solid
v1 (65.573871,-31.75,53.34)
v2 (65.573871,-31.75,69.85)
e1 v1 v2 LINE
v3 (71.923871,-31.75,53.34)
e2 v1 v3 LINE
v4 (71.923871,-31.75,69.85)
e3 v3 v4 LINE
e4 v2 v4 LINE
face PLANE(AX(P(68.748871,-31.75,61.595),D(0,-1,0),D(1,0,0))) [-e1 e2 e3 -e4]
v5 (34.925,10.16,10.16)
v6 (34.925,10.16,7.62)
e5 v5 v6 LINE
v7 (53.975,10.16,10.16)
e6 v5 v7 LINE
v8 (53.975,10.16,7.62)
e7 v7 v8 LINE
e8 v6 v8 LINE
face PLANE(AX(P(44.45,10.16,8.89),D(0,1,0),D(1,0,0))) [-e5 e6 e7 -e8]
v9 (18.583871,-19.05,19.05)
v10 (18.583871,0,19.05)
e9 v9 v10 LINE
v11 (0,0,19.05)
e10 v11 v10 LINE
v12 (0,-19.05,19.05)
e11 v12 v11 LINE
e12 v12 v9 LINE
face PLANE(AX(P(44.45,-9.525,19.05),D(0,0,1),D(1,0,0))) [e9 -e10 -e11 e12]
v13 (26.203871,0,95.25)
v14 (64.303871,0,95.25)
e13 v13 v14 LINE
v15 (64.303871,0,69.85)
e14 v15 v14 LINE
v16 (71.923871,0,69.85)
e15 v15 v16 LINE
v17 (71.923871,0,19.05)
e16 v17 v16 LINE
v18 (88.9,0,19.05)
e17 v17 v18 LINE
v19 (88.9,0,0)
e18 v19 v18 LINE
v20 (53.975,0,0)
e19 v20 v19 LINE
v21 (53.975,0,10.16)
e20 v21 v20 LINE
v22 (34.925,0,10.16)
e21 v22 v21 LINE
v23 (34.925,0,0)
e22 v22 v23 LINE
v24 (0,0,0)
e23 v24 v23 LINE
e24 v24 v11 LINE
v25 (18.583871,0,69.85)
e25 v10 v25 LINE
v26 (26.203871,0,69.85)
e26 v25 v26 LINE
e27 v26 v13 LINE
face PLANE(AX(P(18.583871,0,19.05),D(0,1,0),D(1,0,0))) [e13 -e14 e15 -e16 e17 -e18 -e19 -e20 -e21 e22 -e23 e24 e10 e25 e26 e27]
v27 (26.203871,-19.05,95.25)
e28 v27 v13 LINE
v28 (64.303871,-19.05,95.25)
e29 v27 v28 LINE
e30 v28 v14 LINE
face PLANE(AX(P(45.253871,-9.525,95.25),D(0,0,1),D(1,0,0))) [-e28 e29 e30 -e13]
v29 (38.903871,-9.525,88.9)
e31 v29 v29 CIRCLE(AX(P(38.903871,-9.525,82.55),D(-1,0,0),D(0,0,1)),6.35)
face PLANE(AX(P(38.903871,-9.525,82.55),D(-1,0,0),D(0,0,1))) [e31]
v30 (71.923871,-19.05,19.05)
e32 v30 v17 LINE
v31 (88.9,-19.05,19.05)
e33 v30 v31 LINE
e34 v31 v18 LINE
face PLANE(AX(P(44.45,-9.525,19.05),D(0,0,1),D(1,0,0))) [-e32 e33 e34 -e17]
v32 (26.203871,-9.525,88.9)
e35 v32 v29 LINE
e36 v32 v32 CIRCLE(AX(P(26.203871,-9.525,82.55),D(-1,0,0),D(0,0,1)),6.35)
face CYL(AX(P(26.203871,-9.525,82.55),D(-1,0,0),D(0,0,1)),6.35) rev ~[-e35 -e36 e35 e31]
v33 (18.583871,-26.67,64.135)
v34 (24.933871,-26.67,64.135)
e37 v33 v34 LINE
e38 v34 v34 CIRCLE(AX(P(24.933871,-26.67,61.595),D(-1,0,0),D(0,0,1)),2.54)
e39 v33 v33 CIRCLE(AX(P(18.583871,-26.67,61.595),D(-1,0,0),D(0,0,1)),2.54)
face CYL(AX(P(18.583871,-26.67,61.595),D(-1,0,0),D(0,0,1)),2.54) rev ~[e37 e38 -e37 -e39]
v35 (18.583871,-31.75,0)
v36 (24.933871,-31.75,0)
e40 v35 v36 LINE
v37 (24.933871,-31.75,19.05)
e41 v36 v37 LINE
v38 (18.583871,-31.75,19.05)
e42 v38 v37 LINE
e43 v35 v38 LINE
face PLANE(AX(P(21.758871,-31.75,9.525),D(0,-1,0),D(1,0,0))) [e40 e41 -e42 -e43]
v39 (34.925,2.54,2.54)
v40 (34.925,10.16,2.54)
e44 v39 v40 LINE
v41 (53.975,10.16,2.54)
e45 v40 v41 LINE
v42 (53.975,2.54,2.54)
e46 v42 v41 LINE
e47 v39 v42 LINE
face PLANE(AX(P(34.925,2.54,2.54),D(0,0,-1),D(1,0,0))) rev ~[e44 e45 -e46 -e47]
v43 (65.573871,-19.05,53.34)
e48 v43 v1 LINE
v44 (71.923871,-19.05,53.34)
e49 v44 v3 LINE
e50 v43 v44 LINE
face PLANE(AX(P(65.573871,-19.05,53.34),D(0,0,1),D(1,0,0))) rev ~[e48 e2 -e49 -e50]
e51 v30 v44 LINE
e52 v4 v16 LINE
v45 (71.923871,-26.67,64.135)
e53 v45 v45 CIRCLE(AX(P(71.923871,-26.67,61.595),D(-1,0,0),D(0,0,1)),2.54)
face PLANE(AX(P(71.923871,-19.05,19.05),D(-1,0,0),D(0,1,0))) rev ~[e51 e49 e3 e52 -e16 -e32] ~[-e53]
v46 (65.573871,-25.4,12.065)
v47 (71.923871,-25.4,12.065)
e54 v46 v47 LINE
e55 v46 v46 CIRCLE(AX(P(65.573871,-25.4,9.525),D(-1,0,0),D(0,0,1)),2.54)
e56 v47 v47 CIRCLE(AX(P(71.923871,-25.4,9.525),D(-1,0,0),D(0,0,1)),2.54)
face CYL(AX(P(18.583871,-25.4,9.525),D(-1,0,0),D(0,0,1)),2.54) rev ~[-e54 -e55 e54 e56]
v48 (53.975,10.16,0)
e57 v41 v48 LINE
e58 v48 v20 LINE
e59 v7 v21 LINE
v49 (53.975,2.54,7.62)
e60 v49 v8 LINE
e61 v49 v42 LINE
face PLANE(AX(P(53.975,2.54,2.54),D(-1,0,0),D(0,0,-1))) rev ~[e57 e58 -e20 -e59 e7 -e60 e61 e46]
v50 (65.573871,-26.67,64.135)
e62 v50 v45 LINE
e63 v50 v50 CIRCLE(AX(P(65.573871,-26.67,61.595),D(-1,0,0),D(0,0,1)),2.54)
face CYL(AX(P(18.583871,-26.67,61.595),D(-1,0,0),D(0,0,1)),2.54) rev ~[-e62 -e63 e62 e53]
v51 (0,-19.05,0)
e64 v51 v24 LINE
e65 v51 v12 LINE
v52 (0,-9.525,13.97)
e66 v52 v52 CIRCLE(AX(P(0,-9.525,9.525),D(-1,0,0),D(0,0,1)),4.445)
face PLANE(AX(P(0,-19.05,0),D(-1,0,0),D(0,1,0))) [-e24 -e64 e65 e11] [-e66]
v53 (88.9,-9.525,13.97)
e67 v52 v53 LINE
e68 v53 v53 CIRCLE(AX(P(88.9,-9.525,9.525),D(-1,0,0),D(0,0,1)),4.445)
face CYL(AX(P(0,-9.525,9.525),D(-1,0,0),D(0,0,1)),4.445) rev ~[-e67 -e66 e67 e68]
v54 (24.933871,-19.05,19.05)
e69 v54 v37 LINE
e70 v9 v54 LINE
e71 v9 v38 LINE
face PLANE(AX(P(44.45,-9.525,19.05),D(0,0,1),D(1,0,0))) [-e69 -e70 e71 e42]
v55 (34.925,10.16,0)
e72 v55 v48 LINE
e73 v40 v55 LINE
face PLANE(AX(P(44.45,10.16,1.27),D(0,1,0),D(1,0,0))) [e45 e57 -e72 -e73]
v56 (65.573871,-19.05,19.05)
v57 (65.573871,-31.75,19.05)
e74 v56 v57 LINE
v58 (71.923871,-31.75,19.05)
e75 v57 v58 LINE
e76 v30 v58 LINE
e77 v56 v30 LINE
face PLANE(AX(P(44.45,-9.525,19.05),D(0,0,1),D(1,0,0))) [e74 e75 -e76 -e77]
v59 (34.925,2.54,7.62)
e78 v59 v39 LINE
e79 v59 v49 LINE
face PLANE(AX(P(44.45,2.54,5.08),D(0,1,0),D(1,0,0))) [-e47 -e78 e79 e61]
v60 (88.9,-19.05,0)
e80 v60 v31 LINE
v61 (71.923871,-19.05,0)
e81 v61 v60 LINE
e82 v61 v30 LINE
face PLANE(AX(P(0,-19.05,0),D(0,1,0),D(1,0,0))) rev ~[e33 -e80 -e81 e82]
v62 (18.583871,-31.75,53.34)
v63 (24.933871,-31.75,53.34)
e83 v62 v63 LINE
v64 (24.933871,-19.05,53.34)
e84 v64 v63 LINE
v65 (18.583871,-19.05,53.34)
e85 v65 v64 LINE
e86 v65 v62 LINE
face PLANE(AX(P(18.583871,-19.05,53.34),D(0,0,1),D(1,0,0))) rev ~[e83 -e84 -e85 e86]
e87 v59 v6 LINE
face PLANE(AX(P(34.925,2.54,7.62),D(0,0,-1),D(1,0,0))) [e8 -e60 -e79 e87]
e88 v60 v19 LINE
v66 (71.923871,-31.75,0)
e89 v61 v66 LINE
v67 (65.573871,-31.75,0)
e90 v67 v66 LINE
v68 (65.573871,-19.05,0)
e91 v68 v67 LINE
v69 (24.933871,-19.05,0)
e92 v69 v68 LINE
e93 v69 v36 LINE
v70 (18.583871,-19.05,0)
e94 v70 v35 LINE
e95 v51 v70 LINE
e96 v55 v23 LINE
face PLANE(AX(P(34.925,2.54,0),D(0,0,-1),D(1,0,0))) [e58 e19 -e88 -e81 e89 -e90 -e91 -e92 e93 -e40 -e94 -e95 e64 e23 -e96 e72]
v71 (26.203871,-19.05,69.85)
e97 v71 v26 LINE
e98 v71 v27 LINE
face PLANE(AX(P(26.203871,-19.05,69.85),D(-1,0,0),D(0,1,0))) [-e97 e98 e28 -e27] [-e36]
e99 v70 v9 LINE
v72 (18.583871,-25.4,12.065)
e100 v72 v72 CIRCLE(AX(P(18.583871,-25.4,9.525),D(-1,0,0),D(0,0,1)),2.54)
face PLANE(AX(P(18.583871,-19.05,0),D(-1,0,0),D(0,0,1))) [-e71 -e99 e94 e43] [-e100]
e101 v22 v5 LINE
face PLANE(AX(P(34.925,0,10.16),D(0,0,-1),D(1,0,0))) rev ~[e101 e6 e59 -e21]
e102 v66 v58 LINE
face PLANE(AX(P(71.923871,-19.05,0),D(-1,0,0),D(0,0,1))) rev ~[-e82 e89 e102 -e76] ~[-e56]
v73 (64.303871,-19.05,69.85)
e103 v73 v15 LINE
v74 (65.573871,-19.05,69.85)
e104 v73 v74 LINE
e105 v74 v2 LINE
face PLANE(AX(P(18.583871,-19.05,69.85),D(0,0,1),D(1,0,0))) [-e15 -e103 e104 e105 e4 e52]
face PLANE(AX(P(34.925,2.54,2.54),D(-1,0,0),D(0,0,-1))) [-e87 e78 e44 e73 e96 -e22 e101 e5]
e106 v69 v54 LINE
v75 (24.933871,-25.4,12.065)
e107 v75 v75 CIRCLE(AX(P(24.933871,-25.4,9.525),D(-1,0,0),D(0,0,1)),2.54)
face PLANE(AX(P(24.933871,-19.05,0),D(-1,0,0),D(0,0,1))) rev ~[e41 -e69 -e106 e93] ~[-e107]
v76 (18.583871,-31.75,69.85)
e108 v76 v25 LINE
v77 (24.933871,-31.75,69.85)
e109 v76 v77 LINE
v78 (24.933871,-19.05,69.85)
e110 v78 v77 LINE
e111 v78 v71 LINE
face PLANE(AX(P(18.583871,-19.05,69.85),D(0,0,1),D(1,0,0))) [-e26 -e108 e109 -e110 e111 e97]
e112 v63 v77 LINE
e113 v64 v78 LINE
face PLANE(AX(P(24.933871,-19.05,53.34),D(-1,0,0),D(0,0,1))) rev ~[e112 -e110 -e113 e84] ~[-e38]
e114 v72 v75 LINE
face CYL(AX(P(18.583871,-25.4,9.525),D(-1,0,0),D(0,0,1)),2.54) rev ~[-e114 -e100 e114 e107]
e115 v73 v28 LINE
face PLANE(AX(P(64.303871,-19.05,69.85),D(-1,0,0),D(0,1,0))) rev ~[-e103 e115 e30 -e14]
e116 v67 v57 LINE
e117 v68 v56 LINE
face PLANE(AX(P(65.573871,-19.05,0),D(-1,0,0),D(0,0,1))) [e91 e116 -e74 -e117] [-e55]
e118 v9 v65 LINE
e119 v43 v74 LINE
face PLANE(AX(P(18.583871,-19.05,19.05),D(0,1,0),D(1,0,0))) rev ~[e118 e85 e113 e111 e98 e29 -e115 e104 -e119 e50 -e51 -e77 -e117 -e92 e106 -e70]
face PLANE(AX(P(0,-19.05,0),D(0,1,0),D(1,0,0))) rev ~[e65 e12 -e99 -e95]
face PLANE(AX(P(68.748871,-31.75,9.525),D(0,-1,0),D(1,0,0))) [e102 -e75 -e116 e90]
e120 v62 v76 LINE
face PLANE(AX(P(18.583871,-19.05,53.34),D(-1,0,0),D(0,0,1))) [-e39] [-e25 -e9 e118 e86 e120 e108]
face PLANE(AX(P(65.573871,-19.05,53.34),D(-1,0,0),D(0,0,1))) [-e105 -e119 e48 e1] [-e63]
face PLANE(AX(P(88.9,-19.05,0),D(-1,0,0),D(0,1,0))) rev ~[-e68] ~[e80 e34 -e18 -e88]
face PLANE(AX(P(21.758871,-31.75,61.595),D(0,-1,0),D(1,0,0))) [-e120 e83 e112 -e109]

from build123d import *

# Parameters (mm, degrees)
SKETCH1_W           = 88.9
SKETCH1_H           = 19.05
BOSS_EXTRUDE1_DEPTH = 19.05
SKETCH2_W           = 6.35
SKETCH2_H           = 19.05
BOSS_EXTRUDE2_DEPTH = 12.7
SKETCH3_R           = 4.445
CUT_EXTRUDE1_DEPTH  = 96.266
SKETCH4_R           = 2.54
CUT_EXTRUDE2_DEPTH  = 96.266
SKETCH5_W           = 53.34
SKETCH5_H           = 19.05
BOSS_EXTRUDE3_DEPTH = 50.8
SKETCH6_W           = 6.35
SKETCH6_H           = 16.51
BOSS_EXTRUDE4_DEPTH = 12.7
SKETCH7_R           = 2.54
CUT_EXTRUDE3_DEPTH  = 61.976
SKETCH8_W           = 19.05
SKETCH8_H           = 10.16
BOSS_EXTRUDE5_DEPTH = 2.54
SKETCH9_W           = 19.05
SKETCH9_H           = 2.54
BOSS_EXTRUDE6_DEPTH = 7.62
SKETCH10_W          = 38.1
SKETCH10_H          = 19.05
BOSS_EXTRUDE7_DEPTH = 25.4
SKETCH11_R          = 6.35
CUT_EXTRUDE4_DEPTH  = 12.7


with BuildPart() as part:
    # Sketch1 → Boss-Extrude1 (new body)
    with BuildSketch(Plane.XY):
        with Locations((44.45, -9.525)):
            Rectangle(SKETCH1_W, SKETCH1_H)
    extrude(amount=BOSS_EXTRUDE1_DEPTH)

    # Sketch2 → Boss-Extrude2 (add)
    with BuildSketch(Plane.XZ.offset(19.05)):
        with Locations((21.758870797, 9.525)):
            Rectangle(SKETCH2_W, SKETCH2_H)
        with Locations((68.748870797, 9.525)):
            Rectangle(SKETCH2_W, SKETCH2_H)
    extrude(amount=BOSS_EXTRUDE2_DEPTH)

    # Sketch3 → Cut-Extrude1 (cut)
    with BuildSketch(Plane.ZY):
        with Locations((9.525, -9.525)):
            Circle(SKETCH3_R)
    extrude(amount=-CUT_EXTRUDE1_DEPTH, mode=Mode.SUBTRACT)

    # Sketch4 → Cut-Extrude2 (cut)
    with BuildSketch(Plane.ZY.offset(-18.583870797)):
        with Locations((9.525, -25.4)):
            Circle(SKETCH4_R)
    extrude(amount=-CUT_EXTRUDE2_DEPTH, mode=Mode.SUBTRACT)

    # Sketch5 → Boss-Extrude3 (add)
    with BuildSketch(Plane.XY.offset(19.05)):
        with Locations((45.253870797, -9.525)):
            Rectangle(SKETCH5_W, SKETCH5_H)
    extrude(amount=BOSS_EXTRUDE3_DEPTH)

    # Sketch6 → Boss-Extrude4 (add)
    with BuildSketch(Plane.XZ.offset(19.05)):
        with Locations((21.758870797, 61.595)):
            Rectangle(SKETCH6_W, SKETCH6_H)
        with Locations((68.748870797, 61.595)):
            Rectangle(SKETCH6_W, SKETCH6_H)
    extrude(amount=BOSS_EXTRUDE4_DEPTH)

    # Sketch7 → Cut-Extrude3 (cut)
    with BuildSketch(Plane.ZY.offset(-18.583870797)):
        with Locations((61.595, -26.67)):
            Circle(SKETCH7_R)
    extrude(amount=-CUT_EXTRUDE3_DEPTH, mode=Mode.SUBTRACT)

    # Sketch8 → Boss-Extrude5 (add)
    with BuildSketch(Plane(origin=(0, 0, 0), x_dir=(1, 0, 0), z_dir=(0, 1, 0))):
        with Locations((44.45, -5.08)):
            Rectangle(SKETCH8_W, SKETCH8_H)
    extrude(amount=BOSS_EXTRUDE5_DEPTH)

    # Sketch9 → Boss-Extrude6 (add)
    with BuildSketch(Plane(origin=(0, 2.54, 0), x_dir=(1, 0, 0), z_dir=(0, 1, 0))):
        with Locations((44.45, -1.27)):
            Rectangle(SKETCH9_W, SKETCH9_H)
        with Locations((44.45, -8.89)):
            Rectangle(SKETCH9_W, SKETCH9_H)
    extrude(amount=BOSS_EXTRUDE6_DEPTH)

    # Sketch10 → Boss-Extrude7 (add)
    with BuildSketch(Plane.XY.offset(69.85)):
        with Locations((45.253870797, -9.525)):
            Rectangle(SKETCH10_W, SKETCH10_H)
    extrude(amount=BOSS_EXTRUDE7_DEPTH)

    # Sketch11 → Cut-Extrude4 (cut)
    with BuildSketch(Plane.ZY.offset(-26.203870797)):
        with Locations((82.55, -9.525)):
            Circle(SKETCH11_R)
    extrude(amount=-CUT_EXTRUDE4_DEPTH, mode=Mode.SUBTRACT)


solid = part.part
